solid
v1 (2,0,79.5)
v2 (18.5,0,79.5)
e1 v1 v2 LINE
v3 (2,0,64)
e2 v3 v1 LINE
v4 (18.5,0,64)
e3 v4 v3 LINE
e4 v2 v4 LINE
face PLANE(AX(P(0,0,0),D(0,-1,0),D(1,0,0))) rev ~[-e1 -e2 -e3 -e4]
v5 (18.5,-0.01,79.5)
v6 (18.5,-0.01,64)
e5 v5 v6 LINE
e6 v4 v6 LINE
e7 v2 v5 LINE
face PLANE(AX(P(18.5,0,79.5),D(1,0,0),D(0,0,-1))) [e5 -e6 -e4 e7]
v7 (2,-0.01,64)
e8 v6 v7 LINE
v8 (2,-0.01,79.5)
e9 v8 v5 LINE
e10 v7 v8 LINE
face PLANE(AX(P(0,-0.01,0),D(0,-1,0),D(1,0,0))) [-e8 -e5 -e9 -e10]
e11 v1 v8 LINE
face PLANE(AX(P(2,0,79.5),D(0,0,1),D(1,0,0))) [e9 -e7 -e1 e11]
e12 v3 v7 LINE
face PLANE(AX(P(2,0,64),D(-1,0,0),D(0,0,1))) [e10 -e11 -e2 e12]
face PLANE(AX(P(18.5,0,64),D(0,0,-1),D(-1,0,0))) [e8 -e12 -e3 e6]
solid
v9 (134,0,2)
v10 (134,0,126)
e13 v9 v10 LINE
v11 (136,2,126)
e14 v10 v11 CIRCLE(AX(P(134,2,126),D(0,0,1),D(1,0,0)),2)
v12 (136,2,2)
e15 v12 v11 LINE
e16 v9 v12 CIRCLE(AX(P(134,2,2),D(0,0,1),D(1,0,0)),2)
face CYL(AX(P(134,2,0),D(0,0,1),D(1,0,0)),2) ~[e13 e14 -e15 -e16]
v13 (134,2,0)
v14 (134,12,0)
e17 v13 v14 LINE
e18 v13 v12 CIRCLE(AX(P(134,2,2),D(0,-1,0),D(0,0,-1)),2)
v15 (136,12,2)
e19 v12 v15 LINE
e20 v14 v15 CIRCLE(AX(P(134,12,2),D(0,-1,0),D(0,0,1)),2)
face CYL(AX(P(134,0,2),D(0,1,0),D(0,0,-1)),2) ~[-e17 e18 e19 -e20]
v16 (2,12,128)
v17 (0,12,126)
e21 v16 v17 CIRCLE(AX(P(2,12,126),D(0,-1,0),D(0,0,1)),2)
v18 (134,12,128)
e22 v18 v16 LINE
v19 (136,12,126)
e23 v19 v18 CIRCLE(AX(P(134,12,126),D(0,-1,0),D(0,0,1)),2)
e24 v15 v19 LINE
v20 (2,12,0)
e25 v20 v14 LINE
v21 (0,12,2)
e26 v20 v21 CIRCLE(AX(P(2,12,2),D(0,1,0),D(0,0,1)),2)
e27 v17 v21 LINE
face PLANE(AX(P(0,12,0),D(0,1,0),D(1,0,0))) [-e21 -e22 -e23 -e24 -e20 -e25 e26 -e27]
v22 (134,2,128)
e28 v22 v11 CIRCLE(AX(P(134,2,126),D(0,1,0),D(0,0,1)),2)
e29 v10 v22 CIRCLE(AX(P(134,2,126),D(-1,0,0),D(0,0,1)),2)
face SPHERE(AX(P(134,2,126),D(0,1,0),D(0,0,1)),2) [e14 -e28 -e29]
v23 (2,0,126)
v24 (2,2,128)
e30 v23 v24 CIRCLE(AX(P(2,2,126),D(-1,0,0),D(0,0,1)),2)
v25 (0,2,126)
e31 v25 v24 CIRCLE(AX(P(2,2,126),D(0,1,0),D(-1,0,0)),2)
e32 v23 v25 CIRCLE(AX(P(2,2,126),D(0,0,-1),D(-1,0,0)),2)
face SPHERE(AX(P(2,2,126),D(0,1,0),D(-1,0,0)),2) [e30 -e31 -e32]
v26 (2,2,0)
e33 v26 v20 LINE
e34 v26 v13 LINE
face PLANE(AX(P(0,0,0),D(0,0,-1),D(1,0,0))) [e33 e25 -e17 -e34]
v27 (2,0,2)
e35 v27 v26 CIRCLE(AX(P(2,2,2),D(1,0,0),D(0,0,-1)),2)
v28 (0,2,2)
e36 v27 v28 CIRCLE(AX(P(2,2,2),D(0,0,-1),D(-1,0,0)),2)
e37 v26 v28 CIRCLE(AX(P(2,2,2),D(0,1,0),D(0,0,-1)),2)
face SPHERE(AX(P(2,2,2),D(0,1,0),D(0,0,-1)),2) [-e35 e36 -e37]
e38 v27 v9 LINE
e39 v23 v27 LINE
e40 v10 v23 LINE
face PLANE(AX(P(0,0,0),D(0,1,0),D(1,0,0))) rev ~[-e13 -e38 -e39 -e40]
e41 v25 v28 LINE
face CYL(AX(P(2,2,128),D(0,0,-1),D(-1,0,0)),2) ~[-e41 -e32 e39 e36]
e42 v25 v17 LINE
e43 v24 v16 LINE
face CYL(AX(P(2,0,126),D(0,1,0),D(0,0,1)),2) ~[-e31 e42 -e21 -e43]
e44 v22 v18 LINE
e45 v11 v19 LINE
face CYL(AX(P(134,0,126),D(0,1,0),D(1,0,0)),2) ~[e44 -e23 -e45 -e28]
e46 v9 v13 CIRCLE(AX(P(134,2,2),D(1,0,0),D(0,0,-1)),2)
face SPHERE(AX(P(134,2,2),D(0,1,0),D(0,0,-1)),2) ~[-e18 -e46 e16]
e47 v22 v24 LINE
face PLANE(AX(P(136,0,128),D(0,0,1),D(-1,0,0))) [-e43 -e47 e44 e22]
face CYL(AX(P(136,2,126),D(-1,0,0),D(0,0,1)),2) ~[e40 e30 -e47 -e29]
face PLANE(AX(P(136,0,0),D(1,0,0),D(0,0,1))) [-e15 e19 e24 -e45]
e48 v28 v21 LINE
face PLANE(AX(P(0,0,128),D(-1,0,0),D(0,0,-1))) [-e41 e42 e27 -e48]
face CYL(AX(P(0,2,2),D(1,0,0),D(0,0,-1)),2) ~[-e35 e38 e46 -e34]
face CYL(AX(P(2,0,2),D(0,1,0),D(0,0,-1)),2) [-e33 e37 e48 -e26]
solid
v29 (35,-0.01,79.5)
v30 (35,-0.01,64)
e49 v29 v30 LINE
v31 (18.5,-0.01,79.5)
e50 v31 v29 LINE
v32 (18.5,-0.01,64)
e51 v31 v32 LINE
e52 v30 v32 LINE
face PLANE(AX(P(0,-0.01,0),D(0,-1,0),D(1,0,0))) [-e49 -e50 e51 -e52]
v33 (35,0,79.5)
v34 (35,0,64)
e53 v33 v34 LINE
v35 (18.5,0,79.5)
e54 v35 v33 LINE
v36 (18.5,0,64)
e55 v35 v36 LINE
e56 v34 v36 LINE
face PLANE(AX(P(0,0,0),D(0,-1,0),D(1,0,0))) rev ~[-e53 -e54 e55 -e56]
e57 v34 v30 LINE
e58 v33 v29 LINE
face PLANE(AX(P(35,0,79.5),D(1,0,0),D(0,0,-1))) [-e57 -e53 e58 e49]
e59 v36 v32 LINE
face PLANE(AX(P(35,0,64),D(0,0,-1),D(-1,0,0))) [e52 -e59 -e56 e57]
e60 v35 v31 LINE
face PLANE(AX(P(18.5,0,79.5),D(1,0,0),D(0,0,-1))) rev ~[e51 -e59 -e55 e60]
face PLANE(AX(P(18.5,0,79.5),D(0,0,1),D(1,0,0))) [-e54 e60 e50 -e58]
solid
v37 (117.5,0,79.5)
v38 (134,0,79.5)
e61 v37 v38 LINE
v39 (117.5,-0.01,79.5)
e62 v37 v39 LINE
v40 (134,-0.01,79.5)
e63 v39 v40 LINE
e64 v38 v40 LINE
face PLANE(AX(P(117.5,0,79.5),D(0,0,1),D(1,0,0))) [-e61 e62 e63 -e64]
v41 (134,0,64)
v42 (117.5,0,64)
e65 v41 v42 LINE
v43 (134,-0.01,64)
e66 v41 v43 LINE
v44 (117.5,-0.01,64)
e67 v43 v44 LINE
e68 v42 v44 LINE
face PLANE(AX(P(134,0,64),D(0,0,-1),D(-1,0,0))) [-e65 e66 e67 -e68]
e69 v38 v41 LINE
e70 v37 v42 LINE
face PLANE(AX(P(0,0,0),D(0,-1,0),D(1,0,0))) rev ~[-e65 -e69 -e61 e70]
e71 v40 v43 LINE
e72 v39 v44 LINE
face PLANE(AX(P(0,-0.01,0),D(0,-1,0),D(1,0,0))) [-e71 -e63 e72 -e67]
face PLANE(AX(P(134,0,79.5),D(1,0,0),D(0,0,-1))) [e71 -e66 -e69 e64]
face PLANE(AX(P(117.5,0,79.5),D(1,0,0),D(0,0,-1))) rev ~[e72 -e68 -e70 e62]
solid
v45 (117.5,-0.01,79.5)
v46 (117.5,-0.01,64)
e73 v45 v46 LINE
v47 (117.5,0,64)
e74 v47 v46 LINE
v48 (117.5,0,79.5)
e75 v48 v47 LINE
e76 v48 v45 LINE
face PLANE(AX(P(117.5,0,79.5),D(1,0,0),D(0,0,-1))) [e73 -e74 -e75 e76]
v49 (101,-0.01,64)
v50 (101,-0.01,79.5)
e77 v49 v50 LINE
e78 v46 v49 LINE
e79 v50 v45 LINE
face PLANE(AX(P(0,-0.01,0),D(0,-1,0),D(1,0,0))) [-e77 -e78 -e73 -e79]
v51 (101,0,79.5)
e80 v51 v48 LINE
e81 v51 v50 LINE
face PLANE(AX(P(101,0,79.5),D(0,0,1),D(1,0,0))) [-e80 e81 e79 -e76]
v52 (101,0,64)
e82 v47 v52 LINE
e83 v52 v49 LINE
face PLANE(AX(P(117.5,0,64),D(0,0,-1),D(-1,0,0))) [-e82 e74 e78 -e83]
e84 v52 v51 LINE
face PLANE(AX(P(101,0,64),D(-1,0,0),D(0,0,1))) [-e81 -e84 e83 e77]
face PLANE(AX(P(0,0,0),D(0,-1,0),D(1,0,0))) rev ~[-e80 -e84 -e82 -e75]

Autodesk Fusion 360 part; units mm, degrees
sketch "Front Face Plate" plane through (0, 0, 0) normal (0, 1, 0) x (1, 0, 0)
  line L0 (0, 0) -> (136, 0)
  line L1 (136, 0) -> (136, -128)
  line L2 (136, -128) -> (0, -128)
  line L3 (0, -128) -> (0, 0)
  dimension "d5" = 136
  dimension "d6" = 128
extrude "Extrude1" add sketch "Front Face Plate" along normal blind 12 makes body 1
sketch "Eyes" plane through (0, 0, 0) normal (0, -1, 0) x (1, 0, 0)
  line L0 (136, 128) -> (0, 128)
  line L1 (0, 128) -> (0, 0)
  line L2 (0, 0) -> (136, 0)
  line L3 (136, 0) -> (136, 128)
  line L4 (2, 79.5) -> (18.5, 79.5)
  line L5 (18.5, 79.5) -> (18.5, 64)
  line L6 (18.5, 64) -> (2, 64)
  line L7 (2, 64) -> (2, 79.5)
  line L8 (18.5, 79.5) -> (35, 79.5)
  line L9 (35, 79.5) -> (35, 64)
  line L10 (35, 64) -> (18.5, 64)
  line L11 (18.5, 64) -> (18.5, 79.5)
  line L12 (101, 79.5) -> (117.5, 79.5)
  line L13 (117.5, 79.5) -> (117.5, 64)
  line L14 (117.5, 64) -> (101, 64)
  line L15 (101, 64) -> (101, 79.5)
  line L16 (117.5, 79.5) -> (134, 79.5)
  line L17 (134, 79.5) -> (134, 64)
  line L18 (134, 64) -> (117.5, 64)
  line L19 (117.5, 64) -> (117.5, 79.5)
  dimension "d10" = 16.5
  dimension "d11" = 16.5
  dimension "d12" = 16.5
  dimension "d13" = 16.5
  dimension "d14" = 15.5
  dimension "d15" = 15.5
  dimension "d16" = 48.5
  dimension "d17" = 48.5
  dimension "d23" = 2
  dimension "d24" = 2
extrude "Extrude2" add sketch "Eyes" along normal blind 0.01 separate body contours L4 L5 L6 L7 L11 | L13 L16 L17 L18 L19 makes body 2 at (7.5, 0, 74.3333) makes body 3 at (128.5, 0, 69.1667)
extrude "Extrude3" add sketch "Eyes" along normal blind 0.01 separate body contours L5 L8 L9 L10 L11 | L12 L13 L14 L15 L19 makes body 4 at (24, 0, 74.3333) makes body 5 at (106.5, 0, 69.1667)
fillet "Fillet1" radius 2 8 edges at (136, 6, 128) (0, 6, 128) (136, 6, 0) (0, 6, 0) (68, 0, 0) (0, 0, 64) (68, 0, 128) (136, 0, 64) on bodies 1
equation "block_size = 16 mm" comment "The size of the blocks used for the dimensions of the Minecraft Pig."
equation "pine_thickness = 12 mm" comment "The thickness of the pine boards used for the Minecraft Pig's body."
equation "front_face_plate_height = 8 * block_size" comment "The height of the Front Face Plate that makes up the Minecraft Pig's face."
equation "front_face_plate_width = 10 * block_size - 2 * pine_thickness" comment "The width of the Front Face Plate that makes up the Minecraft Pig's face."
equation "d5 = front_face_plate_width"
equation "d6 = front_face_plate_height"
equation "d7 = pine_thickness"
equation "face_block_width = ( front_face_plate_width - 2 * fillet_radius ) / 8" comment "The width of the blocks used for the Minecraft Pig's eyes."
equation "d10 = face_block_width"
equation "d11 = face_block_width"
equation "d12 = face_block_width"
equation "d13 = face_block_width"
equation "d14 = face_block_height"
equation "d15 = face_block_height"
equation "d16 = ( 3 * face_block_height ) + fillet_radius"
equation "d17 = ( 3 * face_block_height ) + fillet_radius"
equation "fillet_radius = 2 mm" comment "The radius of the fillets applied to the Front Face Plate."
equation "d23 = fillet_radius"
equation "d24 = fillet_radius"
equation "d26 = fillet_radius"
equation "face_block_height = ( front_face_plate_height - 2 * fillet_radius ) / 8" comment "The height of the blocks used for the Minecraft Pig's eyes."
